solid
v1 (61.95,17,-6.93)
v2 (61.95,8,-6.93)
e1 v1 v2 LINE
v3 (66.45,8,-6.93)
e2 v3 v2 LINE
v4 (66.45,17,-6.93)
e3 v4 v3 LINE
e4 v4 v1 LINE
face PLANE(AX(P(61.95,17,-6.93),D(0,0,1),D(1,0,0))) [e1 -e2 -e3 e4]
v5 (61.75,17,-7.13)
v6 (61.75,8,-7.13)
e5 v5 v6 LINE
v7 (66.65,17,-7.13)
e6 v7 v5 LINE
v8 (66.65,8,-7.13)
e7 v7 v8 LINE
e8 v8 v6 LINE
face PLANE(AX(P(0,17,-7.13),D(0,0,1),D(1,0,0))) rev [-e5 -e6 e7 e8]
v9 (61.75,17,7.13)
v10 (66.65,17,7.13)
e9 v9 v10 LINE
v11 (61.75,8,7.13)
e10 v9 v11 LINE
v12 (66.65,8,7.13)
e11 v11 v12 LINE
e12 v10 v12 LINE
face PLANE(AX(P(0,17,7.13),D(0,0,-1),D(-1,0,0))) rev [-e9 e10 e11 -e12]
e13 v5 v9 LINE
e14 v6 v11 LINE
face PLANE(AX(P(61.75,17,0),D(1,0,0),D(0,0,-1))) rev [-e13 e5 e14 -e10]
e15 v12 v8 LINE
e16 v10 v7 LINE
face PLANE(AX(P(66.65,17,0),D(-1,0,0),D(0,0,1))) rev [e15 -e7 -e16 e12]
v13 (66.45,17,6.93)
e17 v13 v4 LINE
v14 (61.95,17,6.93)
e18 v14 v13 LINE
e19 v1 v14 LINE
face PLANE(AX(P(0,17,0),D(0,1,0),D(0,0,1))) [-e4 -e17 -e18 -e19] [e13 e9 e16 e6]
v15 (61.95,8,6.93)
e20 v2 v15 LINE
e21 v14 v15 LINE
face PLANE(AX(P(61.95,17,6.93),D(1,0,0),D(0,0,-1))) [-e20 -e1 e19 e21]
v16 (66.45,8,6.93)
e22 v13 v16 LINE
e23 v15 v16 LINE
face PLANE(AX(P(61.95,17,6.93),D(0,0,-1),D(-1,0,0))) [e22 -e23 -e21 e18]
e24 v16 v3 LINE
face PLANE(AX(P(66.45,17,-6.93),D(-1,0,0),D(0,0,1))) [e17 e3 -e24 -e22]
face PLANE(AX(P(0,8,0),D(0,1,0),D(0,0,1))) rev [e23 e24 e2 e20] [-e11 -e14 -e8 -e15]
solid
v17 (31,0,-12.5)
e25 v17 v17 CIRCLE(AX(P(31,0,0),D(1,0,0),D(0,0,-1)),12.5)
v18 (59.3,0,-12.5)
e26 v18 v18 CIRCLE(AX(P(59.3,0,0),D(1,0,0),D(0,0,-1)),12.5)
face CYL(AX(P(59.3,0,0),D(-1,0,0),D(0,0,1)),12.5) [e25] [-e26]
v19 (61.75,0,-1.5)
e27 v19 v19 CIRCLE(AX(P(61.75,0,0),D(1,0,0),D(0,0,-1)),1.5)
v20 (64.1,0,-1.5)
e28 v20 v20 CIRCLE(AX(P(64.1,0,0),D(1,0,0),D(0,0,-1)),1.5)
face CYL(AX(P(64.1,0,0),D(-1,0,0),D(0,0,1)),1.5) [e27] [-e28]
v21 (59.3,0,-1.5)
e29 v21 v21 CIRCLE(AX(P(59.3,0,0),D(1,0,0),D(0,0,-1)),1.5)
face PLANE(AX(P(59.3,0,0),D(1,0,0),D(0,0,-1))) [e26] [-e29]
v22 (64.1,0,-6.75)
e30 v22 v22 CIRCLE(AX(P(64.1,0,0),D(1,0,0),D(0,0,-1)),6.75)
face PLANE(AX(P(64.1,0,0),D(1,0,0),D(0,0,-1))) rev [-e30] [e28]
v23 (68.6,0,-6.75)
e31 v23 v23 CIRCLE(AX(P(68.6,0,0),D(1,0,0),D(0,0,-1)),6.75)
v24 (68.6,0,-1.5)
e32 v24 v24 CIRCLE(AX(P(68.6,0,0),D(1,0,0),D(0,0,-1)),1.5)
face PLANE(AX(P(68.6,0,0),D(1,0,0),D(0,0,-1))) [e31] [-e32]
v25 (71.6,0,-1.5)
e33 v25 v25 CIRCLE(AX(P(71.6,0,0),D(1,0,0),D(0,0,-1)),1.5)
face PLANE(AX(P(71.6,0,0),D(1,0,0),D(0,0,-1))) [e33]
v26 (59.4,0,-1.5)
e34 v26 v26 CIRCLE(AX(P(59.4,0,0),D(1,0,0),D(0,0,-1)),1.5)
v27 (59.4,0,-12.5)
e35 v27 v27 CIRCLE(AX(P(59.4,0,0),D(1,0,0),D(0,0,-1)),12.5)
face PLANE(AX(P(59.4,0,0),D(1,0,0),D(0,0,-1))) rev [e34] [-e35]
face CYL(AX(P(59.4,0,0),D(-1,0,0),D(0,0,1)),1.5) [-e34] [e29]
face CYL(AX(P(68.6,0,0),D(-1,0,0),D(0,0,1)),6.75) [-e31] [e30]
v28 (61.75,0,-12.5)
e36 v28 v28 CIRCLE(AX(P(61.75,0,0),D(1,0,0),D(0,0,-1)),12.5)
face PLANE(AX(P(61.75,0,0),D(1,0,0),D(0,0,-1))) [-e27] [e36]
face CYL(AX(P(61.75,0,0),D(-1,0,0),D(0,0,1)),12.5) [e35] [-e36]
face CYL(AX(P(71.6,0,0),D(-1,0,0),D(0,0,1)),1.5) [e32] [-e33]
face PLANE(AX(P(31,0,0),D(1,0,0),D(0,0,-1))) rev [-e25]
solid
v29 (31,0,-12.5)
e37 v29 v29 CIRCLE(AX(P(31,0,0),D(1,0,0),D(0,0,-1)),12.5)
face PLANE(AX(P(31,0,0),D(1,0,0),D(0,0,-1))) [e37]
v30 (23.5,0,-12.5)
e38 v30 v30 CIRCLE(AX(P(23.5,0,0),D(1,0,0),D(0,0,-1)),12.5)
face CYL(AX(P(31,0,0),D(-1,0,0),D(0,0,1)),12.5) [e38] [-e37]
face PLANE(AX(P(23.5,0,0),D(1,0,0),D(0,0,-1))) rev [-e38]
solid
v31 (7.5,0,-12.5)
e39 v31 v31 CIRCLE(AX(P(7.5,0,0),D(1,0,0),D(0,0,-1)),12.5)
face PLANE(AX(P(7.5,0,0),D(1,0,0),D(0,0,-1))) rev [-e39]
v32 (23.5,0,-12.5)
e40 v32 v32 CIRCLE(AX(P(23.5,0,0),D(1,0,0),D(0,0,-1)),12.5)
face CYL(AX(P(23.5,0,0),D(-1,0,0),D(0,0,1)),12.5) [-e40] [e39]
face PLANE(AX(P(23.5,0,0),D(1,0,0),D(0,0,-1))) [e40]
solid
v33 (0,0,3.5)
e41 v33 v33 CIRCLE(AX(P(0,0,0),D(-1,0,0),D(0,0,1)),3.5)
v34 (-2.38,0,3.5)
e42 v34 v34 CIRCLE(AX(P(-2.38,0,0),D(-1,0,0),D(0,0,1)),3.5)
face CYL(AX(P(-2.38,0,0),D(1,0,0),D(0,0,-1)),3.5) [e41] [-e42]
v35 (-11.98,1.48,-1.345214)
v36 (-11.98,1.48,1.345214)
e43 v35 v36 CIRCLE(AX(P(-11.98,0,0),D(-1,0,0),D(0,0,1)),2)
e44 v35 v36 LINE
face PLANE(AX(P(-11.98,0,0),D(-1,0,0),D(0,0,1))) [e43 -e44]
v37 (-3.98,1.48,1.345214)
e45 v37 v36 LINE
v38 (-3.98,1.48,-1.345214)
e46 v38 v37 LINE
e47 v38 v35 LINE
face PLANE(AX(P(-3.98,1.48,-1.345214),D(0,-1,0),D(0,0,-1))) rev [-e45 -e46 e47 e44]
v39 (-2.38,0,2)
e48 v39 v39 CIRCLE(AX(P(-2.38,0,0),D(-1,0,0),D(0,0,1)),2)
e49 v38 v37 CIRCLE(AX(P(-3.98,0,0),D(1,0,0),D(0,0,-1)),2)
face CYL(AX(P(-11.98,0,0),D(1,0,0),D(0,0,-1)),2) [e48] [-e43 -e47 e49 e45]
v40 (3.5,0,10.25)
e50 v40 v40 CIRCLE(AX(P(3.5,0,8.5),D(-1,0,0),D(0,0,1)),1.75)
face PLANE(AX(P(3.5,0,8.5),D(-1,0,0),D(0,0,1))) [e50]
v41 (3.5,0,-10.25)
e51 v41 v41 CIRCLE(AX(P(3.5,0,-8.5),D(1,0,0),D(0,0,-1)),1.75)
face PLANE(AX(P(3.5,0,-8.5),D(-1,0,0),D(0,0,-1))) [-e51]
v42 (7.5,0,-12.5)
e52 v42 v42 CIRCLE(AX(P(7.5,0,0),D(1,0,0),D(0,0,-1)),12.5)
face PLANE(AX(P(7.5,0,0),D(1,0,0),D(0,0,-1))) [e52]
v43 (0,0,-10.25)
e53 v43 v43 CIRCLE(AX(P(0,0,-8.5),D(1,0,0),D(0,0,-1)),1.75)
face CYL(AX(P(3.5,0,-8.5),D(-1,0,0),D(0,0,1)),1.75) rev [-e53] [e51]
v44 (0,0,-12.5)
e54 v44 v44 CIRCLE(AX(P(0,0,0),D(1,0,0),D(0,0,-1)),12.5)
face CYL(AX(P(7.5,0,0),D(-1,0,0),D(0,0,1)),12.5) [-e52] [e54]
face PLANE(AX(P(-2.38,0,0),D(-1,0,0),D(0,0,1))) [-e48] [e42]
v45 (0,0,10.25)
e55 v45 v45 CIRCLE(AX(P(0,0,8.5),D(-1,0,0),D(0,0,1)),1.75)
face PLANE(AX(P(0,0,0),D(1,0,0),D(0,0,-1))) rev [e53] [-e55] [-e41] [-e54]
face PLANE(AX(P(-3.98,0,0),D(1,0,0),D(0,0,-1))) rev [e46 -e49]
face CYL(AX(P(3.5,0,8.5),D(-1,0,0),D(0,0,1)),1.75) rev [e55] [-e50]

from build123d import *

# Parameters (mm, degrees)
SKETCH_1_R          = 12.5
EXTRUDE_1_DEPTH     = 7.5
SKETCH_3_R          = 12.5
EXTRUDE_3_DEPTH     = 16
SKETCH_4_R          = 12.5
EXTRUDE_4_DEPTH     = 7.5
SKETCH_5_R          = 12.5
EXTRUDE_5_DEPTH     = 28.3
SKETCH_6_R          = 1.5
EXTRUDE_10_DEPTH    = 0.1
SKETCH_10_R         = 12.5
EXTRUDE_11_DEPTH    = 2.35
SKETCH_12_R         = 1.5
EXTRUDE_12_DEPTH    = 2.35
SKETCH_13_R         = 6.75
EXTRUDE_13_DEPTH    = 4.5
SKETCH_14_R         = 1.5
EXTRUDE_14_DEPTH    = 3
EXTRUDE_START       = 8
SKETCH_15_W         = 4.9
SKETCH_15_H         = 14.26
SKETCH_15_W_2       = 4.5
SKETCH_15_H_2       = 13.86
EXTRUDE_1_2_DEPTH   = 9
SKETCH_16_R         = 3.5
EXTRUDE_15_DEPTH    = 2.38
SKETCH_17_R         = 2
EXTRUDE_16_DEPTH    = 9.6
SKETCH_18_W         = 2.690427476
SKETCH_18_H         = 0.755115775
CUT_EXTRUDE_1_DEPTH = 8
SKETCH_19_R         = 1.75
CUT_EXTRUDE_2_DEPTH = 3.5


with BuildPart() as part:
    # 草图1 → Extrude 1 (new body)
    with BuildSketch(Plane(origin=(0, 0, 0), x_dir=(0, 0, -1), z_dir=(1, 0, 0))):
        Circle(SKETCH_1_R)
    extrude(amount=EXTRUDE_1_DEPTH)

    # 草图16 → 凸台-拉伸15 (add)
    with BuildSketch(Plane.ZY):
        Circle(SKETCH_16_R)
    extrude(amount=EXTRUDE_15_DEPTH)

    # 草图17 → 凸台-拉伸16 (add)
    with BuildSketch(Plane.ZY.offset(2.38)):
        Circle(SKETCH_17_R)
    extrude(amount=EXTRUDE_16_DEPTH)

    # 草图18 → 切除-拉伸1 (cut)
    with BuildSketch(Plane.ZY.offset(11.98)):
        with Locations((0, 1.857557888)):
            Rectangle(SKETCH_18_W, SKETCH_18_H)
    extrude(amount=-CUT_EXTRUDE_1_DEPTH, mode=Mode.SUBTRACT)

    # 草图19 → 切除-拉伸2 (cut)
    with BuildSketch(Plane.ZY):
        with Locations((8.5, 0)):
            Circle(SKETCH_19_R)
    cut_extrude_2 = extrude(amount=-CUT_EXTRUDE_2_DEPTH, mode=Mode.SUBTRACT)

    # 镜向1: 切除-拉伸2 across plane
    add(cut_extrude_2.mirror(Plane.XY), mode=Mode.SUBTRACT)


with BuildPart() as body_2:
    # 草图3 → 凸台-拉伸3 (new body)
    with BuildSketch(Plane(origin=(7.5, 0, 0), x_dir=(0, 0, -1), z_dir=(1, 0, 0))):
        Circle(SKETCH_3_R)
    extrude(amount=EXTRUDE_3_DEPTH)


with BuildPart() as body_3:
    # 草图4 → 凸台-拉伸4 (new body)
    with BuildSketch(Plane(origin=(23.5, 0, 0), x_dir=(0, 0, -1), z_dir=(1, 0, 0))):
        Circle(SKETCH_4_R)
    extrude(amount=EXTRUDE_4_DEPTH)


with BuildPart() as body_4:
    # 草图5 → 凸台-拉伸5 (new body)
    with BuildSketch(Plane(origin=(31, 0, 0), x_dir=(0, 0, -1), z_dir=(1, 0, 0))):
        Circle(SKETCH_5_R)
    extrude(amount=EXTRUDE_5_DEPTH)

    # 草图6 → 凸台-拉伸10 (add)
    with BuildSketch(Plane(origin=(59.3, 0, 0), x_dir=(0, 0, -1), z_dir=(1, 0, 0))):
        Circle(SKETCH_6_R)
    extrude(amount=EXTRUDE_10_DEPTH)

    # 草图10 → 凸台-拉伸11 (add)
    with BuildSketch(Plane(origin=(59.4, 0, 0), x_dir=(0, 0, -1), z_dir=(1, 0, 0))):
        Circle(SKETCH_10_R)
    extrude(amount=EXTRUDE_11_DEPTH)

    # 草图12 → 凸台-拉伸12 (add)
    with BuildSketch(Plane(origin=(61.75, 0, 0), x_dir=(0, 0, -1), z_dir=(1, 0, 0))):
        Circle(SKETCH_12_R)
    extrude(amount=EXTRUDE_12_DEPTH)

    # 草图13 → 凸台-拉伸13 (add)
    with BuildSketch(Plane(origin=(64.1, 0, 0), x_dir=(0, 0, -1), z_dir=(1, 0, 0))):
        Circle(SKETCH_13_R)
    extrude(amount=EXTRUDE_13_DEPTH)

    # 草图14 → 凸台-拉伸14 (add)
    with BuildSketch(Plane(origin=(68.6, 0, 0), x_dir=(0, 0, -1), z_dir=(1, 0, 0))):
        Circle(SKETCH_14_R)
    extrude(amount=EXTRUDE_14_DEPTH)


with BuildPart() as body_5:
    # 草图15 → Extrude 1 2 (new body)
    with BuildSketch(Plane(origin=(0, 0, 0), x_dir=(1, 0, 0), z_dir=(0, 1, 0)).offset(EXTRUDE_START)):
        with Locations((64.2, 0)):
            Rectangle(SKETCH_15_W, SKETCH_15_H)
        with Locations((64.2, 0)):
            Rectangle(SKETCH_15_W_2, SKETCH_15_H_2, mode=Mode.SUBTRACT)
    extrude(amount=EXTRUDE_1_2_DEPTH)


solid = Compound([part.part, body_2.part, body_3.part, body_4.part, body_5.part])
